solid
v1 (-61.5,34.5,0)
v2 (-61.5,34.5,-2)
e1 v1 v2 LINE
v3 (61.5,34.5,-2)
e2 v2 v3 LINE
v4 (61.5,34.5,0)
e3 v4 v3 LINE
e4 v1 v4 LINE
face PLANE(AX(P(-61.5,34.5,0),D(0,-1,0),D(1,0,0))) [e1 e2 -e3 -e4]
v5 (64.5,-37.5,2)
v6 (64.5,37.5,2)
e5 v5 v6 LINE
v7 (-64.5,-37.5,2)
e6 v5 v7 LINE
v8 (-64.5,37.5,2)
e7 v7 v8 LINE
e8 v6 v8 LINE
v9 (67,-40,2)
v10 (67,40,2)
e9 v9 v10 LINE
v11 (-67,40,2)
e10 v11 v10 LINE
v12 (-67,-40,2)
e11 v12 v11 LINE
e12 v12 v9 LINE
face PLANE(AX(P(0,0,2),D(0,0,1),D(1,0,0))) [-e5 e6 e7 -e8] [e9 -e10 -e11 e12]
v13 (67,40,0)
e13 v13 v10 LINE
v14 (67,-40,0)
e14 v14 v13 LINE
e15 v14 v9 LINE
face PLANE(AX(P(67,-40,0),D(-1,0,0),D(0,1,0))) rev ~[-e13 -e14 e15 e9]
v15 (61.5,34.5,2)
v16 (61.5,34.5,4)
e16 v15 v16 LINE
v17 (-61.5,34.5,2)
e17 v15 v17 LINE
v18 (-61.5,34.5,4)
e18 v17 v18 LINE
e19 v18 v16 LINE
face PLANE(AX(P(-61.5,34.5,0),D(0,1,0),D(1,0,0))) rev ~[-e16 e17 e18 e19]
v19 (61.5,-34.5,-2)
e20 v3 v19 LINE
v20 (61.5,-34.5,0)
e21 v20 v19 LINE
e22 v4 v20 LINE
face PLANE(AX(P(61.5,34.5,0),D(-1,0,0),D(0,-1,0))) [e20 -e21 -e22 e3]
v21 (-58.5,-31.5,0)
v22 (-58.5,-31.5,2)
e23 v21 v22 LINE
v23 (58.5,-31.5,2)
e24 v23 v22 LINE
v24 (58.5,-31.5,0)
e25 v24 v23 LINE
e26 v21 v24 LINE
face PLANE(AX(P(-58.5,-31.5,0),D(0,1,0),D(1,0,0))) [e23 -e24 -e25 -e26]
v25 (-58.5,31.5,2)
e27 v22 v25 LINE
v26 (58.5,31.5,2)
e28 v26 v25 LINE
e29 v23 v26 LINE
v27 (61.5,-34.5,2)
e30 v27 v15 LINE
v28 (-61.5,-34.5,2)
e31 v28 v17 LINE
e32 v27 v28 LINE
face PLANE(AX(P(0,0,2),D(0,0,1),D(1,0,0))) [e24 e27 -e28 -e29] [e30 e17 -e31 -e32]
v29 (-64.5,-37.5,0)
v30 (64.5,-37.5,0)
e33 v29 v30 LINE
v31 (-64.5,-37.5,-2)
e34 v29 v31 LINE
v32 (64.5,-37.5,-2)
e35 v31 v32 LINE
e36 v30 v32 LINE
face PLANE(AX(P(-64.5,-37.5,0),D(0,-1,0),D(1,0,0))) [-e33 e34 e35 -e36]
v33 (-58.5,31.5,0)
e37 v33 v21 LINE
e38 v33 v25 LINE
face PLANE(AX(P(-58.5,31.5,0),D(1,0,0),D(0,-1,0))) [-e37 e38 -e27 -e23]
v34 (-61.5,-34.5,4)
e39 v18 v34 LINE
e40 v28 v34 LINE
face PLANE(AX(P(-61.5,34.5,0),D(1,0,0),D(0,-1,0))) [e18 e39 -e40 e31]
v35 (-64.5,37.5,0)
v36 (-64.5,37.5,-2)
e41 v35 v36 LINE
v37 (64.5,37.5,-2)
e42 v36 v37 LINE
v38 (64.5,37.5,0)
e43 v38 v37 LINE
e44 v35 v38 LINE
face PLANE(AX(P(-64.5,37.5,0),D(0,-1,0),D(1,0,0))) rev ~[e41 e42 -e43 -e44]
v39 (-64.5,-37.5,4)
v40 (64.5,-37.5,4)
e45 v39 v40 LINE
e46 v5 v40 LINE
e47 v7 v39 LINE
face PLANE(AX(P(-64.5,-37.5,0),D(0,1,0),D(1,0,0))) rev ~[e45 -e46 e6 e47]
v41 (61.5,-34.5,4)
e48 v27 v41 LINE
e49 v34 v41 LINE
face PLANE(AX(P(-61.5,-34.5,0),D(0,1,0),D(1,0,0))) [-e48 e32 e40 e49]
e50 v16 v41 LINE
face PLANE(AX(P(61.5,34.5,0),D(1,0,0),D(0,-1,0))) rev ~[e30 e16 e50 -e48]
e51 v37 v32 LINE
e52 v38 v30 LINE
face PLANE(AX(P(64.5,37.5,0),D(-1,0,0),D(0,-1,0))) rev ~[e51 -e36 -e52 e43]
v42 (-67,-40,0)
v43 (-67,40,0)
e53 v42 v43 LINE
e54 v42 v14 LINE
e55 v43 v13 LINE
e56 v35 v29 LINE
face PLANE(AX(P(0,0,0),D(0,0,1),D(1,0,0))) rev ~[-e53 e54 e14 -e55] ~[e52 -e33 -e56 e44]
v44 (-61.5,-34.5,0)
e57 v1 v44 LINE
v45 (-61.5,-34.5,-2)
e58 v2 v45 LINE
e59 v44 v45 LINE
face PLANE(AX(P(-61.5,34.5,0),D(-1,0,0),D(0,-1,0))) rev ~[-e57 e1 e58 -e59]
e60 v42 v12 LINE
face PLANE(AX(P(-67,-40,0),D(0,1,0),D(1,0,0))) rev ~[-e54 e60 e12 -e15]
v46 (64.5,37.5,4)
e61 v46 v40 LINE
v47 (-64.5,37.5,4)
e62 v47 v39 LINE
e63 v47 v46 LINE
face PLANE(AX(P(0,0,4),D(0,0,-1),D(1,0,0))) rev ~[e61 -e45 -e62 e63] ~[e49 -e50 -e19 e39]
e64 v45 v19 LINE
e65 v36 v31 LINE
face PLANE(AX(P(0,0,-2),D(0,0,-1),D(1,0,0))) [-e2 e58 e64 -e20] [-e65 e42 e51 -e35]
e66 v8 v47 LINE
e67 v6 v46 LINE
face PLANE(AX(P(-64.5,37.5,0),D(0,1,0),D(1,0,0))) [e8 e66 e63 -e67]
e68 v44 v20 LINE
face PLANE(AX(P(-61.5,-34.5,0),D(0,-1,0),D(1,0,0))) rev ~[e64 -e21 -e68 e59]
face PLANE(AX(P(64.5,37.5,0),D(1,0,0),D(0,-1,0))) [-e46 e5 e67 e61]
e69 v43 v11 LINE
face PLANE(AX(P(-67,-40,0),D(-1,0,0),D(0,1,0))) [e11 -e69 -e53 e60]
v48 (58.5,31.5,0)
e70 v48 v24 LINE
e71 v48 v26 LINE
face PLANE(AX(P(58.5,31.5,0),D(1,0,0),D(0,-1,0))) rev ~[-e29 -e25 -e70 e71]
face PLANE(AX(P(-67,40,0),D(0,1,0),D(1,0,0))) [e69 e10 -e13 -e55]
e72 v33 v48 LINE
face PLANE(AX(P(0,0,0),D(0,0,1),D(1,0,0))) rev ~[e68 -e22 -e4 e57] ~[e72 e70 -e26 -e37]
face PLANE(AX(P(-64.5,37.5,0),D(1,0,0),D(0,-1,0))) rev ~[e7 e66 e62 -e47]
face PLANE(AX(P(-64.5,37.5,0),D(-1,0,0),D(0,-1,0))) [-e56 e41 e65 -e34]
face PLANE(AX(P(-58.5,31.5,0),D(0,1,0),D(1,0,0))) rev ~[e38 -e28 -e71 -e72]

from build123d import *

# Parameters (mm, degrees)
F0_W          = 134
F0_H          = 80
F1_DEPTH      = 2
F2_W          = 129
F2_H          = 75
F2_W_2        = 123
F2_H_2        = 69
F3_DEPTH      = 2
F3_DEPTH_BACK = 4
F4_W          = 117
F4_H          = 63
F5_DEPTH      = 25


with BuildPart() as f1:
    # F0 (on Top) → F1 (new body)
    with BuildSketch(Plane.XY):
        Rectangle(F0_W, F0_H)
    extrude(amount=F1_DEPTH)

    # F2 (on face) → F3 (join, two sides)
    with BuildSketch(Plane(origin=(0, 0, 0), x_dir=(1, 0, 0), z_dir=(0, 0, -1))) as f3_sk:
        Rectangle(F2_W, F2_H)
        Rectangle(F2_W_2, F2_H_2, mode=Mode.SUBTRACT)
    extrude(amount=F3_DEPTH)
    extrude(f3_sk.sketch, amount=-F3_DEPTH_BACK)

    # F4 (on face) → F5 (cut)
    with BuildSketch(Plane(origin=(0, 0, 0), x_dir=(1, 0, 0), z_dir=(0, 0, -1))):
        Rectangle(F4_W, F4_H)
    extrude(amount=-F5_DEPTH, mode=Mode.SUBTRACT)


solid = f1.part
